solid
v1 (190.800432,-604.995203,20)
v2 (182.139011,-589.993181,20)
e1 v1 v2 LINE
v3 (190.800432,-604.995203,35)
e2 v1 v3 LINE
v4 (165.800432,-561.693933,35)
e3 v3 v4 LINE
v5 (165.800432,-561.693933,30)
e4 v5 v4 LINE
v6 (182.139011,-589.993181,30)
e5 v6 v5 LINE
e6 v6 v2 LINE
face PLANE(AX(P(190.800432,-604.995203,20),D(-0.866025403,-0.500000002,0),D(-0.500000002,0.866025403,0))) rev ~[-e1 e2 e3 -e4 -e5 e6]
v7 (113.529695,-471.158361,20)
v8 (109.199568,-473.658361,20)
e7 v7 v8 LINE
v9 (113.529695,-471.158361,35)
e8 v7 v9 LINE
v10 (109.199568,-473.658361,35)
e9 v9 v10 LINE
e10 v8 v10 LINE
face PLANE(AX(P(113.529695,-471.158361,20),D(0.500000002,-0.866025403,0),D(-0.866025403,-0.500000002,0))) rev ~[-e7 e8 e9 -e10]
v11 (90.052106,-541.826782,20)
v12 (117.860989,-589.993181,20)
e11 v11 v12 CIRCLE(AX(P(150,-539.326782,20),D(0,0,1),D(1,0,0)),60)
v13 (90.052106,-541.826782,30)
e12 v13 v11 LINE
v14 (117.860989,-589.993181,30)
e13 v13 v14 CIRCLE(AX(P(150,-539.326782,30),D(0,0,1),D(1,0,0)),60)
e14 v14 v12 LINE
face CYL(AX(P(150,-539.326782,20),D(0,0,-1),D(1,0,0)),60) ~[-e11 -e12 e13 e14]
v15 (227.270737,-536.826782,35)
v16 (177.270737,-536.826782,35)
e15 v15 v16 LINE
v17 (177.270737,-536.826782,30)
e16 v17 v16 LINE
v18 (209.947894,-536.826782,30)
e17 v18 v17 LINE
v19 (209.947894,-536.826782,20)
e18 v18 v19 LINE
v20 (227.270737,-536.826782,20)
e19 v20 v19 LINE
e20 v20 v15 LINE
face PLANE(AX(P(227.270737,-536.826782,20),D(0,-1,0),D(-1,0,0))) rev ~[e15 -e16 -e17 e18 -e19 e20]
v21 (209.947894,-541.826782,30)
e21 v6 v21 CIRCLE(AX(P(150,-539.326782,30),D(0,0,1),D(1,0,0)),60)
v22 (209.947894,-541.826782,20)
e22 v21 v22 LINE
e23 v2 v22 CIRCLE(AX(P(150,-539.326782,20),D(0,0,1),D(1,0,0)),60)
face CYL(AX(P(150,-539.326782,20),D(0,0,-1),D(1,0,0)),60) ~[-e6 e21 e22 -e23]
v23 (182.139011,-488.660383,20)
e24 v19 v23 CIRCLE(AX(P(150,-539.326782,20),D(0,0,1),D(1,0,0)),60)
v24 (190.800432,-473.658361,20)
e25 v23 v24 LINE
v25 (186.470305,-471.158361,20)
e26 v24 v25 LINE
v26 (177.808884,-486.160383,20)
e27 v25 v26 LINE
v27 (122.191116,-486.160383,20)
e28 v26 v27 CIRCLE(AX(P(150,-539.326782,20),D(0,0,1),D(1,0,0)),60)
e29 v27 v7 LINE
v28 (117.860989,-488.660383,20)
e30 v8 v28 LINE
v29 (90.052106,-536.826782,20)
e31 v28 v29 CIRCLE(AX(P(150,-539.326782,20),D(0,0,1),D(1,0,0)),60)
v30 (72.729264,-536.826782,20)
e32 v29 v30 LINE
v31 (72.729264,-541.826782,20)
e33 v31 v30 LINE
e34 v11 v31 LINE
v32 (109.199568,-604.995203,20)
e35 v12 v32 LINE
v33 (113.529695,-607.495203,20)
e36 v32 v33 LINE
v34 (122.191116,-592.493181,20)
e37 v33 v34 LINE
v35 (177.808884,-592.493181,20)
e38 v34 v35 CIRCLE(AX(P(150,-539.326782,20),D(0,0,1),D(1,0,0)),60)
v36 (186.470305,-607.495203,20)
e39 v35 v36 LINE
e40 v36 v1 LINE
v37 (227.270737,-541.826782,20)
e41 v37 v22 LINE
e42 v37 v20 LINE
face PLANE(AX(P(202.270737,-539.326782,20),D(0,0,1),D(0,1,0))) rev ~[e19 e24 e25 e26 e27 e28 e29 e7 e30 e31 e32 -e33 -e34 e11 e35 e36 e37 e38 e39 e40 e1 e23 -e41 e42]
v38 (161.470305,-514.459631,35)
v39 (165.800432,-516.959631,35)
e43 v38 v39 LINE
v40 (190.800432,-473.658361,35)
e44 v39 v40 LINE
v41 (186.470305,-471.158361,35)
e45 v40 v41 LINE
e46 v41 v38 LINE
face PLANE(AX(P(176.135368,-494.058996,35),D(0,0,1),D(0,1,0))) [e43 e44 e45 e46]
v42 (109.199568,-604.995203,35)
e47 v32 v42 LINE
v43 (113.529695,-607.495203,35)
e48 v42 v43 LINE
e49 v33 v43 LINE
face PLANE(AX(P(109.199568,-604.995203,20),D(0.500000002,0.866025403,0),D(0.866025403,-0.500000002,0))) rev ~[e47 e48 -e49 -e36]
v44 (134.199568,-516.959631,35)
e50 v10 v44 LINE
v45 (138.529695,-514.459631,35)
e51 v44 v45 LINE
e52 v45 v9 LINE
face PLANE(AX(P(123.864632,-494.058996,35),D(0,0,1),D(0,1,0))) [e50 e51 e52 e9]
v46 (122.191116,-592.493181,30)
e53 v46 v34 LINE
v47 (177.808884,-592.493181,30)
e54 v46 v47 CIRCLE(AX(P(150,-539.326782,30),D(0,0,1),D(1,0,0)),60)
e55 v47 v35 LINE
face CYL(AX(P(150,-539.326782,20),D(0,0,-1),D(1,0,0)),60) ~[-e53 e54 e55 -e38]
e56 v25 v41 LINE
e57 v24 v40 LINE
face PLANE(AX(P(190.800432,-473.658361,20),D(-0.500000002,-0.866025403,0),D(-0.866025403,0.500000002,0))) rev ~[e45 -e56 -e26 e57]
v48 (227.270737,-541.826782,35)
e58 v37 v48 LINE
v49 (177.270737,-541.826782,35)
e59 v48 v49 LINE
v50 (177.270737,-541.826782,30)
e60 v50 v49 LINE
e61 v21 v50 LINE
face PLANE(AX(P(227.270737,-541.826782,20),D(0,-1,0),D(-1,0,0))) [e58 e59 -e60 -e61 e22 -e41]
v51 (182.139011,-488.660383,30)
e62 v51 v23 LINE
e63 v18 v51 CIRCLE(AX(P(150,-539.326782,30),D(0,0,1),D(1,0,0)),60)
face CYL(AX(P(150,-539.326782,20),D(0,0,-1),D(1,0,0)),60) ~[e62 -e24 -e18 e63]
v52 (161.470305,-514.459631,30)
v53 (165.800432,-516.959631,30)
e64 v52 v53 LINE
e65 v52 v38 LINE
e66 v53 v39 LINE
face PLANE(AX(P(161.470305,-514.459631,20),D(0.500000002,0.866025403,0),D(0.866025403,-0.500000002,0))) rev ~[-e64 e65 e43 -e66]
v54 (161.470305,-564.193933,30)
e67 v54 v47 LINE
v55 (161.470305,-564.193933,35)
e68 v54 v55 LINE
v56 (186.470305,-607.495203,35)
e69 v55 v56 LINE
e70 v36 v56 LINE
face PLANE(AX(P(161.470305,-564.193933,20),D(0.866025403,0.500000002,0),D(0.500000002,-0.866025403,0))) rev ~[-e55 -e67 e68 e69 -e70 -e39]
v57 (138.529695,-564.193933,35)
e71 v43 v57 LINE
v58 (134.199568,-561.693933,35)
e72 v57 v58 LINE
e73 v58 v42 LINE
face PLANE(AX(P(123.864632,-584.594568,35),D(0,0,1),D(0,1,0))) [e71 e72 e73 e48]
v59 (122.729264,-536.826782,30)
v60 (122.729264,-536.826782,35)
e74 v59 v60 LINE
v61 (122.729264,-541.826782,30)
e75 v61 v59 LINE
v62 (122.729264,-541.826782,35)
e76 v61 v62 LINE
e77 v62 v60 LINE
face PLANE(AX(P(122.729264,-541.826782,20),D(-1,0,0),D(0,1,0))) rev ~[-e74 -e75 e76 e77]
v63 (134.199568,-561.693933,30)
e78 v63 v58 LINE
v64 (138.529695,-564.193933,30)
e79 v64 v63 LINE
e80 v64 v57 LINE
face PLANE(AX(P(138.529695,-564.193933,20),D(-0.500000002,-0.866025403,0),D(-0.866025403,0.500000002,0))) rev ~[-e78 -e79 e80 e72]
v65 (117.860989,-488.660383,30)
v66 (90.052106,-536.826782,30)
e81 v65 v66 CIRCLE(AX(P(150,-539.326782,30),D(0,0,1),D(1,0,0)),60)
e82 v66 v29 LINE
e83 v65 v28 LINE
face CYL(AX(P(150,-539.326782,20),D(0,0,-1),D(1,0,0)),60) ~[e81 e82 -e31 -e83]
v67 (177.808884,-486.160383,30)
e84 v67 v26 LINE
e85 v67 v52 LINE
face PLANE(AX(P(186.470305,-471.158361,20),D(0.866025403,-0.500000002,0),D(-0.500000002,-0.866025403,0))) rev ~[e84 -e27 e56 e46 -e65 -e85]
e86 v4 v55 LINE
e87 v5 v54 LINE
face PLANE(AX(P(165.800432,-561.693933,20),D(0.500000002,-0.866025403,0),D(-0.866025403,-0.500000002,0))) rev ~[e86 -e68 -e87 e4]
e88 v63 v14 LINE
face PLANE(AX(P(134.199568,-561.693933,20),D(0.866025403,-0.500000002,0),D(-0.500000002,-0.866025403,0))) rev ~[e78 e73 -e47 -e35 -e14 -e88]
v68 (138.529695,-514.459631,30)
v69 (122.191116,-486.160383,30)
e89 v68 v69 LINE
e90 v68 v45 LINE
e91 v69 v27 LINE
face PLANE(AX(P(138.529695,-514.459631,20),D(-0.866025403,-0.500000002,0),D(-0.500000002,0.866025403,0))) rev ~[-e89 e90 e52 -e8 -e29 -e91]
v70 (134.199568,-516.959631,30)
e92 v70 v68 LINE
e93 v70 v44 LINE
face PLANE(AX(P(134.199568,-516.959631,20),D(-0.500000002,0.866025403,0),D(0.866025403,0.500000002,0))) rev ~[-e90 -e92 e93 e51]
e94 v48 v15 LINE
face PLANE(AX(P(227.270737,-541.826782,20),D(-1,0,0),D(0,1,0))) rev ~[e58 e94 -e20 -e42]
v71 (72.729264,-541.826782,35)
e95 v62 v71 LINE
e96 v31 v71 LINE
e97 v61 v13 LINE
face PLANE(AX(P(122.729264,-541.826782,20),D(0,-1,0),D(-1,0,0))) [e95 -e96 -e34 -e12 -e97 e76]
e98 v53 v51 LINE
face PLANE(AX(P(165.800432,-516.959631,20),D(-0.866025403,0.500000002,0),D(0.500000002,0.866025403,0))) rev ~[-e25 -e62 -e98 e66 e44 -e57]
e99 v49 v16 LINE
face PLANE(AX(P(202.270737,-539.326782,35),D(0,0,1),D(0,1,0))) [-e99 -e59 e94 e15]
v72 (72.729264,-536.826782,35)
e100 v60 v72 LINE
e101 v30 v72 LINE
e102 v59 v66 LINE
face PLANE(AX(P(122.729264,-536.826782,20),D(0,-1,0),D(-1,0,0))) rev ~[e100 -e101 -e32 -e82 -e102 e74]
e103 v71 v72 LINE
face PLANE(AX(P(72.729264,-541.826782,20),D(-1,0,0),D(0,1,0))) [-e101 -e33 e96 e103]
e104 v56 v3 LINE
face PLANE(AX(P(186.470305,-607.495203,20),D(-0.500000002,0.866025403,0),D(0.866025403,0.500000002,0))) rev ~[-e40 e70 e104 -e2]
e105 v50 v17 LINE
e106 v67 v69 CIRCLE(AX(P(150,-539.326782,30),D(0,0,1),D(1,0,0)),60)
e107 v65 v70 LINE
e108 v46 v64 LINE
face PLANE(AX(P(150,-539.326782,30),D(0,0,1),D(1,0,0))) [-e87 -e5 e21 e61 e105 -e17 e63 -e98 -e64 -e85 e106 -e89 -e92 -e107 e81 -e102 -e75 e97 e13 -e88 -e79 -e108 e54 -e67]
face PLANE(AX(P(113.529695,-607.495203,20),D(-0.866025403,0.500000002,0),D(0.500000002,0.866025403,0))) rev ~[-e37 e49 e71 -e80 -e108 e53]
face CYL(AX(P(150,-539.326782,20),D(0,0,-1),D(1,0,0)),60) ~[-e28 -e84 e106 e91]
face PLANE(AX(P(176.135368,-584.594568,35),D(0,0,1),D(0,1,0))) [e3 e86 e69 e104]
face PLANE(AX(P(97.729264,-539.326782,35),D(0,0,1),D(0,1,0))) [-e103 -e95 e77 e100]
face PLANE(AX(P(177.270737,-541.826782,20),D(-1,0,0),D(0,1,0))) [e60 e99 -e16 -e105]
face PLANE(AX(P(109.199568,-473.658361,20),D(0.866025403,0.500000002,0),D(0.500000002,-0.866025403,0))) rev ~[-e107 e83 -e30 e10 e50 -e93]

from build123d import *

# Parameters (mm, degrees)
CIRCLE_R         = 60
EXTRUDE067_DEPTH = 10
ARRAY019_W       = 5
ARRAY019_H       = 50
EXTRUDE066_DEPTH = 15


with BuildPart() as extrude093:
    # Circle → Extrude067 (new body)
    with BuildSketch(Plane.XY):
        Circle(CIRCLE_R)
    extrude(amount=EXTRUDE067_DEPTH)


with BuildPart() as fusion046:
    # Array019 → Extrude066 (new body)
    with BuildSketch(Plane(origin=(52.270737, 0, 0), x_dir=(0, 1, 0), z_dir=(0, 0, 1))):
        Rectangle(ARRAY019_W, ARRAY019_H)
        Polygon((22.367151, 36.470305), (65.668421, 11.470305), (68.168421, 15.800432), (24.867151, 40.800432), align=None)
        Polygon((24.867151, 63.741042), (68.168421, 88.741042), (65.668421, 93.071169), (22.367151, 68.071169), align=None)
        with Locations((0, 104.541473)):
            Rectangle(ARRAY019_W, ARRAY019_H)
        Polygon((-22.367151, 68.071169), (-65.668421, 93.071169), (-68.168421, 88.741042), (-24.867151, 63.741042), align=None)
        Polygon((-24.867151, 40.800432), (-68.168421, 15.800432), (-65.668421, 11.470305), (-22.367151, 36.470305), align=None)
    extrude(amount=EXTRUDE066_DEPTH)

    # Fusion045: union Extrude093
    add(extrude093.part)


with BuildPart() as fusion046_1:
    # Fusion045 placement: moved
    add(fusion046.part.moved(Location((150, -307.572449, 20))))


with BuildPart() as fusion046_2:
    # Clone081 placement: moved
    add(fusion046_1.part.moved(Location((0, -231.754333, 0))))


solid = fusion046_2.part
